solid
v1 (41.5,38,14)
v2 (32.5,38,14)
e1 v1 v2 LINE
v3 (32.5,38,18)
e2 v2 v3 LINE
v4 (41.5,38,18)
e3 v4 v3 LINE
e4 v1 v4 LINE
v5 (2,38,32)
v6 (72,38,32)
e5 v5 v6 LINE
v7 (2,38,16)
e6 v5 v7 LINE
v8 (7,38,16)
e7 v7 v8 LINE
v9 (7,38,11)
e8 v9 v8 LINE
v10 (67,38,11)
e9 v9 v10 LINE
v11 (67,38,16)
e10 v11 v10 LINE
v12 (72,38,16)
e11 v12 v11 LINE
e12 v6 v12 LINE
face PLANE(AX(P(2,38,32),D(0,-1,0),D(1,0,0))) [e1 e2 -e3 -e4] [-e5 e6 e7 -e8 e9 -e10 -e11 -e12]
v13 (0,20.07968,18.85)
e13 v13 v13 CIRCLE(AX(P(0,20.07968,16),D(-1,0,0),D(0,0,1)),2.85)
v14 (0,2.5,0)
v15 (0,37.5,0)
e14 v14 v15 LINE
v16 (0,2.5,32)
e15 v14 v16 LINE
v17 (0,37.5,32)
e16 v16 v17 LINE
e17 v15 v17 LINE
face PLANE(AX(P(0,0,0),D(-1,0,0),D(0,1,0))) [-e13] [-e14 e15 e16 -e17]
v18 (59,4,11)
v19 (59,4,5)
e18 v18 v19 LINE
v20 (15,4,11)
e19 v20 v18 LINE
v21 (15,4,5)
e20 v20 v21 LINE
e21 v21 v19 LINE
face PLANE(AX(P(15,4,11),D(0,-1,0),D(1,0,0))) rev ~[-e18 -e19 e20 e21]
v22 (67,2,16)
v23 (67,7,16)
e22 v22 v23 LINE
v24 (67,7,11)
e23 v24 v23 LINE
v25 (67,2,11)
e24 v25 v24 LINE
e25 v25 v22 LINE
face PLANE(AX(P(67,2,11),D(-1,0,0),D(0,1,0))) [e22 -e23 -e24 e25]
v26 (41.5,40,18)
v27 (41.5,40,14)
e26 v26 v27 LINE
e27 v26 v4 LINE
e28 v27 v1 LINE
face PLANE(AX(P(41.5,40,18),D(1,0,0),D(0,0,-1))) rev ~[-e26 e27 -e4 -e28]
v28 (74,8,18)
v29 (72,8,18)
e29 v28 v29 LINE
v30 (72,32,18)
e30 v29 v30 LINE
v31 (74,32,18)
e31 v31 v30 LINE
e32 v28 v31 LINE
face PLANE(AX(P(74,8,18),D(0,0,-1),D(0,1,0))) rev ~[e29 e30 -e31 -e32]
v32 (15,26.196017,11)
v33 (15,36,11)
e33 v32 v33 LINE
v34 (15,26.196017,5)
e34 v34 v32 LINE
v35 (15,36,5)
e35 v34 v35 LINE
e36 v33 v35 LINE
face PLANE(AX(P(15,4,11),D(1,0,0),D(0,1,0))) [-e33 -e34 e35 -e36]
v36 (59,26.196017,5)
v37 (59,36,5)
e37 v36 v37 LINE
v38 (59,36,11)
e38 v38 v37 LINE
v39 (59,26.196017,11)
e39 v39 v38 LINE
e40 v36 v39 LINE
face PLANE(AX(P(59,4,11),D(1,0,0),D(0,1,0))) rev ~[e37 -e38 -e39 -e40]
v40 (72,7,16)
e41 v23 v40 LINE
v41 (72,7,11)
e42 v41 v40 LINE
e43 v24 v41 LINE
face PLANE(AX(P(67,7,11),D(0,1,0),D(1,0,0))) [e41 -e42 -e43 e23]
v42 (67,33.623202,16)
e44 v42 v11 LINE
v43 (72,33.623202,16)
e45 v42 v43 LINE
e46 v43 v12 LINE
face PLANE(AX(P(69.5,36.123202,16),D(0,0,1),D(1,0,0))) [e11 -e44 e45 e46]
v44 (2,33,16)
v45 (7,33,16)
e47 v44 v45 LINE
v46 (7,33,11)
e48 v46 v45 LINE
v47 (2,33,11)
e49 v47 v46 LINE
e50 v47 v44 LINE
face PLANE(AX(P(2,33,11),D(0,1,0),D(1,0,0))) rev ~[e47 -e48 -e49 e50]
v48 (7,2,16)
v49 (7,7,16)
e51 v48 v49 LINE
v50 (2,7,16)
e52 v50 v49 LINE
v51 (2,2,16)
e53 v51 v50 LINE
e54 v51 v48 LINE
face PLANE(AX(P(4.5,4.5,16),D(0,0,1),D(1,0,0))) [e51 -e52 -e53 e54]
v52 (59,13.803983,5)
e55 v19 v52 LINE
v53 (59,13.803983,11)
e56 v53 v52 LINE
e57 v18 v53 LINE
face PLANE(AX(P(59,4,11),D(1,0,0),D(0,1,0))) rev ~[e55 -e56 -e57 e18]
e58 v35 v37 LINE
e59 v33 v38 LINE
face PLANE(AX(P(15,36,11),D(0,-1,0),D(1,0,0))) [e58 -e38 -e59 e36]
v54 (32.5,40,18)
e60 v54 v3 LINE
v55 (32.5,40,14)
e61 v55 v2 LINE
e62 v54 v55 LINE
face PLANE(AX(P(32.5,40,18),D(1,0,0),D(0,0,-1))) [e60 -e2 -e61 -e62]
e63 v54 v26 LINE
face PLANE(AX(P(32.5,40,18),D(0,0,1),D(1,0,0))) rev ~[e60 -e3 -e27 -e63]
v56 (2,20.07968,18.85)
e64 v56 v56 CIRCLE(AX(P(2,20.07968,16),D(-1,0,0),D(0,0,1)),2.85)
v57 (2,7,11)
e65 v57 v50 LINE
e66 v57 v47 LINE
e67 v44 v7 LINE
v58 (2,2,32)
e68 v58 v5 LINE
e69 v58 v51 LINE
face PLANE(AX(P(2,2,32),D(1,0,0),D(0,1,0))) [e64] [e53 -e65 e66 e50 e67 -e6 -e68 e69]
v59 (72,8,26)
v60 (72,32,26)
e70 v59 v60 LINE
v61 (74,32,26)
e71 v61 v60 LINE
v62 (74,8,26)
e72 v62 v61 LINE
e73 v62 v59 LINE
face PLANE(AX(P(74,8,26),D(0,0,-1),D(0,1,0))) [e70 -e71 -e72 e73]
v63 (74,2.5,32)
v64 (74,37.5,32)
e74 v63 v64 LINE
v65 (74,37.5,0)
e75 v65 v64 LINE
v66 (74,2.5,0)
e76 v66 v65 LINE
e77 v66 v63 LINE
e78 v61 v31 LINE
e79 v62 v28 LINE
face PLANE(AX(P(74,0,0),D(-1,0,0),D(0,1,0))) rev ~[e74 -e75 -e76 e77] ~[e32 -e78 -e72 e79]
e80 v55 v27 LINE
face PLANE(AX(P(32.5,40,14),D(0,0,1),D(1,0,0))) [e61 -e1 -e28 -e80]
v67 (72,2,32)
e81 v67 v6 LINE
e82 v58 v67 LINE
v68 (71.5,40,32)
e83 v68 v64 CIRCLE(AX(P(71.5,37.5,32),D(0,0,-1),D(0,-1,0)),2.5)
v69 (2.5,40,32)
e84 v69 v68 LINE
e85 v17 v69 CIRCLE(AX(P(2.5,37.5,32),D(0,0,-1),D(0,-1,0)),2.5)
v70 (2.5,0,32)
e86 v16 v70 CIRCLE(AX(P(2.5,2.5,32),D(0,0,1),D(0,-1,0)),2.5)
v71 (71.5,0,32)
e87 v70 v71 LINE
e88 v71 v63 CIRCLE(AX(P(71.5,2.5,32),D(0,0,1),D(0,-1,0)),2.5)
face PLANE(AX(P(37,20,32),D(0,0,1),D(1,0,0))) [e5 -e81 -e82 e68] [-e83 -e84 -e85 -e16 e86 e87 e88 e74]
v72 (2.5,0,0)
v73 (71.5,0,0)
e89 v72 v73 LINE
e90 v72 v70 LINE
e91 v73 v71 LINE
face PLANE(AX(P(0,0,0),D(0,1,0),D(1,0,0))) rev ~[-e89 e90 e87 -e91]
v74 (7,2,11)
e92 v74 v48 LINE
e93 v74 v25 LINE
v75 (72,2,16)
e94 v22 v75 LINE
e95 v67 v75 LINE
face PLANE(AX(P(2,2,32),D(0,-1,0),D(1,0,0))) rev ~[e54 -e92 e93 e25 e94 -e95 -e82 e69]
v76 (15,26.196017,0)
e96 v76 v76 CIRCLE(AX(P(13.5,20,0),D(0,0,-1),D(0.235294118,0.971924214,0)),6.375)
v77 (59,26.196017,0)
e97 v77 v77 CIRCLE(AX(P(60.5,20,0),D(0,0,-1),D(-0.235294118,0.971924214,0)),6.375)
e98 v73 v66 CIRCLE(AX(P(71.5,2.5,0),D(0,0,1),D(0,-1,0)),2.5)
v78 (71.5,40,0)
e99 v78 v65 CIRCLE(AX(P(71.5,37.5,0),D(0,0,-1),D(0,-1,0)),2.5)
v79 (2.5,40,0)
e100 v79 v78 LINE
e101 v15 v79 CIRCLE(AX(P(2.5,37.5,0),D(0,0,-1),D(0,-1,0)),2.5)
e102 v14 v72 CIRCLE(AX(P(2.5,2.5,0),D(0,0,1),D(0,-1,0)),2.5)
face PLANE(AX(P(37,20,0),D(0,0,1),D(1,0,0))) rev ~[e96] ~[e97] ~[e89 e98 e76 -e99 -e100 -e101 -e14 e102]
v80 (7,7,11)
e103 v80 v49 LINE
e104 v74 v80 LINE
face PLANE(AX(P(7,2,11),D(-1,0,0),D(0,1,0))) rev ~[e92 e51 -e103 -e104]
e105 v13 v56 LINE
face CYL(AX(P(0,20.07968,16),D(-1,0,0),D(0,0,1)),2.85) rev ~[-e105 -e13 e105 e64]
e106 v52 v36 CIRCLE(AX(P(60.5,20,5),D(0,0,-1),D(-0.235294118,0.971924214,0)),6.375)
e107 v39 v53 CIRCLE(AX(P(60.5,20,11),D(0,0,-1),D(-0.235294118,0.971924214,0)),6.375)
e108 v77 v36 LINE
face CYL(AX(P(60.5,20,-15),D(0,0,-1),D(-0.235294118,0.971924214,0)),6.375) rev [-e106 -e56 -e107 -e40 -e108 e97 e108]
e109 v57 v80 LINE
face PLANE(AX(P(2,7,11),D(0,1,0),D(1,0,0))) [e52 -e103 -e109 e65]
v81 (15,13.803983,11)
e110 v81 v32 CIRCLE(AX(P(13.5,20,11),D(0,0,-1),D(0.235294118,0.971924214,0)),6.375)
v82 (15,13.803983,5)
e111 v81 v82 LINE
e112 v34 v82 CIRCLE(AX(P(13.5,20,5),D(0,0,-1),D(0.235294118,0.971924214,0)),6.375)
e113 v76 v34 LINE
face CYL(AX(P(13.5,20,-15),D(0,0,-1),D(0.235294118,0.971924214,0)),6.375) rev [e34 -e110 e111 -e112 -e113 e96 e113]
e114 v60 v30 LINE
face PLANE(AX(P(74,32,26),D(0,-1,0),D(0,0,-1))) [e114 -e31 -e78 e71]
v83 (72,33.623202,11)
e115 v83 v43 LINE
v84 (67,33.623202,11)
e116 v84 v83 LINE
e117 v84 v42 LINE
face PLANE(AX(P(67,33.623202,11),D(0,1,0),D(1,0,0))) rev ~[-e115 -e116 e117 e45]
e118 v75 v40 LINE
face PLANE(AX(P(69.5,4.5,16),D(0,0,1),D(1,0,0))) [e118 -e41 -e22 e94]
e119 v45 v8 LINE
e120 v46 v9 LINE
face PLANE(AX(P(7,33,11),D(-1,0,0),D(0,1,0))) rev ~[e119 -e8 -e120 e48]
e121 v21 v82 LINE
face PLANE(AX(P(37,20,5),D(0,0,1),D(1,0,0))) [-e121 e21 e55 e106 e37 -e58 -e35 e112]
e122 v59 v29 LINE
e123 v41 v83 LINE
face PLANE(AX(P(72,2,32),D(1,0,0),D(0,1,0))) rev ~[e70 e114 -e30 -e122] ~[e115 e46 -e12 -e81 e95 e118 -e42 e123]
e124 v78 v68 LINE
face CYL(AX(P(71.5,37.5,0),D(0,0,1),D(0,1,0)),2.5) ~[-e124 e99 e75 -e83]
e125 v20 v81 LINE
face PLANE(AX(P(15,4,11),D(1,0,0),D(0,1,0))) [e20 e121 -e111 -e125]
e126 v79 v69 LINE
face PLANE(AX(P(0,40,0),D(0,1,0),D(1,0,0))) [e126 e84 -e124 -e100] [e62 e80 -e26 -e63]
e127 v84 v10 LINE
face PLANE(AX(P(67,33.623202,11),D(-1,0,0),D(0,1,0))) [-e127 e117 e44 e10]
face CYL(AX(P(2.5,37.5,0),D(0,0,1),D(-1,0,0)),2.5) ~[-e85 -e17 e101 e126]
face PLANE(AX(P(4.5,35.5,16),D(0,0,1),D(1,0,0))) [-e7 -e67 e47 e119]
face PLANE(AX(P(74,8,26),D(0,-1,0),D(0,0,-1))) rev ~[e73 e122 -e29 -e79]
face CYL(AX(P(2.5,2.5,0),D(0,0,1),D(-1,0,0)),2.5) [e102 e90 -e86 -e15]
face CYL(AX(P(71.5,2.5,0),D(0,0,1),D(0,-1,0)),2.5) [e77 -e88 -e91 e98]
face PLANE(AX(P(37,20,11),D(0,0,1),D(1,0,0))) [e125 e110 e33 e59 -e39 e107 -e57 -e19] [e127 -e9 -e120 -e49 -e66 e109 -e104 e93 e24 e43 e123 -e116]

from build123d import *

# Parameters (mm, degrees)
SKETCH1_W               = 74
SKETCH1_H               = 40
BOSS_EXTRUDE1_DEPTH     = 32
SKETCH2_W               = 70
SKETCH2_H               = 36
CUT_EXTRUDE1_DEPTH      = 21
SKETCH3_W               = 44
SKETCH3_H               = 32
CUT_EXTRUDE2_DEPTH      = 6
CUT_EXTRUDE3_DEPTH      = 35
CUT_EXTRUDE3_DEPTH_BACK = 20
SKETCH4_R               = 6.375
SKETCH5_W               = 5
SKETCH5_H               = 5
BOSS_EXTRUDE2_DEPTH     = 5
SKETCH6_W               = 8
SKETCH6_H               = 24
CUT_EXTRUDE4_DEPTH      = 5
SKETCH7_R               = 2.85
CUT_EXTRUDE5_DEPTH      = 5
SKETCH8_W               = 9
SKETCH8_H               = 4
CUT_EXTRUDE6_DEPTH      = 5
FILLET1_R               = 2.5


with BuildPart() as part:
    # Sketch1 → Boss-Extrude1 (new body)
    with BuildSketch(Plane.XY):
        with Locations((37, 20)):
            Rectangle(SKETCH1_W, SKETCH1_H)
    extrude(amount=BOSS_EXTRUDE1_DEPTH)

    # Sketch2 → Cut-Extrude1 (cut)
    with BuildSketch(Plane.XY.offset(32)):
        with Locations((37, 20)):
            Rectangle(SKETCH2_W, SKETCH2_H)
    extrude(amount=-CUT_EXTRUDE1_DEPTH, mode=Mode.SUBTRACT)

    # Sketch3 → Cut-Extrude2 (cut)
    with BuildSketch(Plane.XY.offset(11)):
        with Locations((37, 20)):
            Rectangle(SKETCH3_W, SKETCH3_H)
    extrude(amount=-CUT_EXTRUDE2_DEPTH, mode=Mode.SUBTRACT)

    # Sketch4 → Cut-Extrude3 (cut, two sides: drawn at the far end of the back side and taken through both)
    with BuildSketch(Plane.XY.offset(5).offset(-CUT_EXTRUDE3_DEPTH_BACK)):
        with Locations(Location((13.5, 20, 0), (0, 0, 76.391039369))):
            Circle(SKETCH4_R)
        with Locations(Location((60.5, 20, 0), (0, 0, 103.608960631))):
            Circle(SKETCH4_R)
    extrude(amount=CUT_EXTRUDE3_DEPTH + CUT_EXTRUDE3_DEPTH_BACK, mode=Mode.SUBTRACT)

    # Sketch5 → Boss-Extrude2 (add)
    with BuildSketch(Plane.XY.offset(11)):
        with Locations((4.5, 35.5)):
            Rectangle(SKETCH5_W, SKETCH5_H)
        with Locations((69.5, 36.123202266)):
            Rectangle(SKETCH5_W, SKETCH5_H)
        with Locations((69.5, 4.5)):
            Rectangle(SKETCH5_W, SKETCH5_H)
        with Locations((4.5, 4.5)):
            Rectangle(SKETCH5_W, SKETCH5_H)
    extrude(amount=BOSS_EXTRUDE2_DEPTH)

    # Sketch6 → Cut-Extrude4 (cut)
    with BuildSketch(Plane(origin=(74, 0, 0), x_dir=(0, 0, -1), z_dir=(1, 0, 0))):
        with Locations((-22, 20)):
            Rectangle(SKETCH6_W, SKETCH6_H)
    extrude(amount=-CUT_EXTRUDE4_DEPTH, mode=Mode.SUBTRACT)

    # Sketch7 → Cut-Extrude5 (cut)
    with BuildSketch(Plane.ZY):
        with Locations((16, 20.079680134)):
            Circle(SKETCH7_R)
    extrude(amount=-CUT_EXTRUDE5_DEPTH, mode=Mode.SUBTRACT)

    # Sketch8 → Cut-Extrude6 (cut)
    with BuildSketch(Plane(origin=(0, 40, 0), x_dir=(1, 0, 0), z_dir=(0, 1, 0))):
        with Locations((37, -16)):
            Rectangle(SKETCH8_W, SKETCH8_H)
    extrude(amount=-CUT_EXTRUDE6_DEPTH, mode=Mode.SUBTRACT)

    # Fillet1
    fillet1_edges = [part.edges().sort_by_distance(p)[0] for p in [
        (0, 40, 16),
        (74, 40, 16),
        (74, 0, 16),
        (0, 0, 16),
    ]]
    fillet(fillet1_edges, radius=FILLET1_R)


solid = part.part
